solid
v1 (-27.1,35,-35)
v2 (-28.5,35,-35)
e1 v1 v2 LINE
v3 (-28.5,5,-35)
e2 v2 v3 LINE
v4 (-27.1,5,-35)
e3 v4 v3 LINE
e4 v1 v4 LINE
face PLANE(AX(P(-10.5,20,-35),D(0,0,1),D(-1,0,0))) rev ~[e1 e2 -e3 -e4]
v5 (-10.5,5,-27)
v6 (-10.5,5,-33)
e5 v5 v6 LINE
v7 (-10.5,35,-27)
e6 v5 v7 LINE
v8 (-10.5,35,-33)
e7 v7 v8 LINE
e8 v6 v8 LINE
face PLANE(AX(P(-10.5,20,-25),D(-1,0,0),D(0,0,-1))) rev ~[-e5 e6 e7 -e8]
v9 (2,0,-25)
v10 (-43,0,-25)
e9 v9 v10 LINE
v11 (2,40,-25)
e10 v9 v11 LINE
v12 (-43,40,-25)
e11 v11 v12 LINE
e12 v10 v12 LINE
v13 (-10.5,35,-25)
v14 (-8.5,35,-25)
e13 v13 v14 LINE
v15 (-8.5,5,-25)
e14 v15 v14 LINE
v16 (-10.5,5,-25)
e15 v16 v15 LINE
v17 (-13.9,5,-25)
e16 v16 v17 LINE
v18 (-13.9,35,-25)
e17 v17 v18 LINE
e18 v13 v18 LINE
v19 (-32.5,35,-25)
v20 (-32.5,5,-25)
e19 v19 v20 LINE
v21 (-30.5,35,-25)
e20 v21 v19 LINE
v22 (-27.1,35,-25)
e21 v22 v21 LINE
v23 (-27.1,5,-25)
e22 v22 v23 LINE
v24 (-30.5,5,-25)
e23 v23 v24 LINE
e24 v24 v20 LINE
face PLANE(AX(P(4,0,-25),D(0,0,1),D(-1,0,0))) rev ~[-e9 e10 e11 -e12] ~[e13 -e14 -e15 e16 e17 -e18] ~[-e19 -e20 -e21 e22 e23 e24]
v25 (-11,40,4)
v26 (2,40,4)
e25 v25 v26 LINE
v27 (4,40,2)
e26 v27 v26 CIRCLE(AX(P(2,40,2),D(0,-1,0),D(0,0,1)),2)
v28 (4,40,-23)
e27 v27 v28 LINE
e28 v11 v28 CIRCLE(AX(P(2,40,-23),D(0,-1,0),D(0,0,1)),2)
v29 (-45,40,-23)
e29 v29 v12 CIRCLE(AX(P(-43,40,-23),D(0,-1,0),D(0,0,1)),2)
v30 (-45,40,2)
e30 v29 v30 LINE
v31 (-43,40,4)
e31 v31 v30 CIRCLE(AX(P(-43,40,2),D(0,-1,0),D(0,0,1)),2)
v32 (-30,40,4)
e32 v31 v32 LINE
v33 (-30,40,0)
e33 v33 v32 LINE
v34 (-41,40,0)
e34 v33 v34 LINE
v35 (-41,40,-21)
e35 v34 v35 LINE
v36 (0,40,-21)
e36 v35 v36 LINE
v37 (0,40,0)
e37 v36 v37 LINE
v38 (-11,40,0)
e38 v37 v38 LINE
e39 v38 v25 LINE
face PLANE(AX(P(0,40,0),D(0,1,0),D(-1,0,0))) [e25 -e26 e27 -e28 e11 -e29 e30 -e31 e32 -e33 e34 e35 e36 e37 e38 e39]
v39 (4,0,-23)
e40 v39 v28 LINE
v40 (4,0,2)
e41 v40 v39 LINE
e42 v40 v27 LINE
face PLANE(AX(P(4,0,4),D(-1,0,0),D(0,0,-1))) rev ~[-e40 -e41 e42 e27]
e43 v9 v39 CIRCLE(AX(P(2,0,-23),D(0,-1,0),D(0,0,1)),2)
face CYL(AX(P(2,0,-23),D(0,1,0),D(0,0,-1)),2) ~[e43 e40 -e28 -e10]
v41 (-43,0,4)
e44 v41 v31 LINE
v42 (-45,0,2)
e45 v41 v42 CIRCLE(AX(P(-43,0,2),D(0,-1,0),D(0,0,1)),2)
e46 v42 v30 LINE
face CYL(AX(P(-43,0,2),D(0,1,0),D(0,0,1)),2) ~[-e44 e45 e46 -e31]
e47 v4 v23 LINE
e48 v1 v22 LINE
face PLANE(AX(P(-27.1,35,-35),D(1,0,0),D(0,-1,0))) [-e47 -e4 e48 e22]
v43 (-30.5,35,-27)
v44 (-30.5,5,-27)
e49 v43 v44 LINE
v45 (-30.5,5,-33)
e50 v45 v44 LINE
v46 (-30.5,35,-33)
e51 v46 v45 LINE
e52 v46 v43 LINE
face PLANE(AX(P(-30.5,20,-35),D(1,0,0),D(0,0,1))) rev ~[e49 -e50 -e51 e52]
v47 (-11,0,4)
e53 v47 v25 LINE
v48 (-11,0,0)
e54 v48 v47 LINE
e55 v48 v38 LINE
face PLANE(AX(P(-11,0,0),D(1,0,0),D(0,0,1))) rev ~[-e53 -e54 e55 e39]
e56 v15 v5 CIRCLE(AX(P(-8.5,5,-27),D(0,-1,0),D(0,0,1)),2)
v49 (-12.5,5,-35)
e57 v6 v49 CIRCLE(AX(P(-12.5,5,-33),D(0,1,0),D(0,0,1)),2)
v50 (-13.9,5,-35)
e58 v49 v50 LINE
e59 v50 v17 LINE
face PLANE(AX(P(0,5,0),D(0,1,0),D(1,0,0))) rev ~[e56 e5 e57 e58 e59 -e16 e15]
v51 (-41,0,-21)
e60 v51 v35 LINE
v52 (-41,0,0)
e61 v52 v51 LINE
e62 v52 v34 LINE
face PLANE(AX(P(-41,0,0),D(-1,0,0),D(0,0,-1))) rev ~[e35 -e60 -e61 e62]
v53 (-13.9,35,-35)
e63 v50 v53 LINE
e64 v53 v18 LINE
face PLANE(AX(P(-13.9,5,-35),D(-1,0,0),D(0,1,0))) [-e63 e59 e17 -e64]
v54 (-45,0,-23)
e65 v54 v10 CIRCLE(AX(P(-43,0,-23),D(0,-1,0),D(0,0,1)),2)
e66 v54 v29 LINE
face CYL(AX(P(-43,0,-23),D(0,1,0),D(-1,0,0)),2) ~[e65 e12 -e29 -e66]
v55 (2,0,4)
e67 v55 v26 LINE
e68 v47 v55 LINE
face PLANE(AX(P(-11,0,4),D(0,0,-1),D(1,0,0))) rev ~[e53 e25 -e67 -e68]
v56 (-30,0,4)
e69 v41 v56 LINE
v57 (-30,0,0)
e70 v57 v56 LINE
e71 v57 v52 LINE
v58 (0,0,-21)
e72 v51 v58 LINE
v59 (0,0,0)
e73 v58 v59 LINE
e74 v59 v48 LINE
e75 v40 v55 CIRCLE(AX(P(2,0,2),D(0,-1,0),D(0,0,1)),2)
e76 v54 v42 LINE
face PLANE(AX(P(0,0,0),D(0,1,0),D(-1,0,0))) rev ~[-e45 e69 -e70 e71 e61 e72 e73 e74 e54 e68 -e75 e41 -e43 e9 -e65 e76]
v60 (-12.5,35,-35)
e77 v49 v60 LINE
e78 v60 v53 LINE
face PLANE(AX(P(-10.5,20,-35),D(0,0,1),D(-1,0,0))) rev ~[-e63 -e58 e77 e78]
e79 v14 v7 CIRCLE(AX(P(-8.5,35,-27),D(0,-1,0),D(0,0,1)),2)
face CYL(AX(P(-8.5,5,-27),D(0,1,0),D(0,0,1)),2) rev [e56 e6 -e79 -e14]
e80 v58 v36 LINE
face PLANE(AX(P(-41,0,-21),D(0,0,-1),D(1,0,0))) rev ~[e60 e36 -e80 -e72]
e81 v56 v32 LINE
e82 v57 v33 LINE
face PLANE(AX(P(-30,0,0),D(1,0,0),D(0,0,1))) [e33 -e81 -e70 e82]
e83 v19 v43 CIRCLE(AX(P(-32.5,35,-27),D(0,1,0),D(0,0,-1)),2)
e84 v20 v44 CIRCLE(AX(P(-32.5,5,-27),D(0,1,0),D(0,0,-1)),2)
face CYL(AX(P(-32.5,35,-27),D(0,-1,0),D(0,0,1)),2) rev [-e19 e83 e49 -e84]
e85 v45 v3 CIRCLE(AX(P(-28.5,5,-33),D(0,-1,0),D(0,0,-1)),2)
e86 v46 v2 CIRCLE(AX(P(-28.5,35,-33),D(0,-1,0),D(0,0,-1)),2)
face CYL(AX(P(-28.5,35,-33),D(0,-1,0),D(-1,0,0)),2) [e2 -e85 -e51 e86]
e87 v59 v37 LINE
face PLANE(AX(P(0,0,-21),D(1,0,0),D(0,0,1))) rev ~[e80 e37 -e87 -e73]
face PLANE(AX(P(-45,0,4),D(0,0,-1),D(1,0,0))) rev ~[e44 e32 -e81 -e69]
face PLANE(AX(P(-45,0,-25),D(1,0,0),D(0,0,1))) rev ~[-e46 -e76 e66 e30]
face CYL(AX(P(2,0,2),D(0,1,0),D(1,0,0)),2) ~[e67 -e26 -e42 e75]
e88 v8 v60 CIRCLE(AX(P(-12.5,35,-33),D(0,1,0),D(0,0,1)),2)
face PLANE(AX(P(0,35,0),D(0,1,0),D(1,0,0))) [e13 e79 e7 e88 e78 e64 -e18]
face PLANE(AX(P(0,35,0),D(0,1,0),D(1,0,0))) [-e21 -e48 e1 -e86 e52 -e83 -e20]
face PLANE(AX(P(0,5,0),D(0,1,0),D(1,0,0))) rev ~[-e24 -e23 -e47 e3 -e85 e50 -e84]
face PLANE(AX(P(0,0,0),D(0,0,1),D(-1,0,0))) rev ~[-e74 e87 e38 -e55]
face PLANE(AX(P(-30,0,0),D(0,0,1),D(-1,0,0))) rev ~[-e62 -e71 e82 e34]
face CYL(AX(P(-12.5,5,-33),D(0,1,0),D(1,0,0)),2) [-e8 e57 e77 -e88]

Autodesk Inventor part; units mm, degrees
ref_plane "YZ Plane" through (0, 0, 0) normal (1, 0, 0) x (0, 1, 0)
ref_plane "XZ Plane" through (0, 0, 0) normal (0, 1, 0) x (-1, 0, 0)
ref_plane "XY Plane" through (0, 0, 0) normal (0, 0, 1) x (1, 0, 0)
sketch "스케치1" plane through (0, 0, 0) normal (0, 1, 0) x (-1, 0, 0)
  line L0 (41, 0) -> (41, -21)
  line L1 (41, -21) -> (0, -21)
  line L2 (0, -21) -> (0, 0)
  line L3 (-4, -25) -> (45, -25)
  line L4 (45, -25) -> (45, 4)
  line L5 (-4, 4) -> (-4, -25)
  line L6 (41, -21) -> (0, -21)
  line L7 (30, 0) -> (30, 4)
  line L8 (11, 0) -> (11, 4)
  line L9 (0, 0) -> (11, 0)
  line L10 (30, 0) -> (41, 0)
  line L11 (45, 4) -> (30, 4)
  line L12 (11, 4) -> (-4, 4)
  line L13 (41, 0) -> (30, 0)
  line L14 (11, 0) -> (0, 0)
  dimension "d0" = 41
  dimension "d1" = 21
  dimension "d2" = 4
  dimension "d3" = 15
  dimension "d4" = 15
extrude "돌출1" add sketch "스케치1" along normal blind 40
ref_plane "작업 평면1" through (0, 20, 0) normal (0, 1, 0) x (1, 0, 0)
sketch "스케치3" plane through (0, 20, 0) normal (0, 1, 0) x (1, 0, 0)
  line L0 (-10.5, 25) -> (-10.5, 35)
  line L1 (-10.5, 35) -> (-30.5, 35)
  line L2 (-30.5, 35) -> (-30.5, 25)
  line L3 (4, 25) -> (-45, 25) projected
  line L4 (-20.5, 25) -> (-10.5, 35) construction
  line L5 (-20.5, 25) -> (-30.5, 35) construction
  point P0 (0, 0)
  dimension "d12" = 20
extrude "돌출2" add sketch "스케치3" along normal blind 15 and the other way blind 15
sketch "스케치4" plane through (-10.5, 35, -35) normal (0, 0, -1) x (-1, 0, 0)
  line L0 (20, 0) -> (20, -30) projected
  line L1 (0, 0) -> (20, 0) projected
  line L2 (0, -30) -> (0, 0) projected
  line L3 (20, -30) -> (0, -30) projected
  line L4 (0, 0) -> (20, 0) projected
  line L5 (16.6, -39.6) -> (3.4, -39.6)
  line L6 (3.4, -39.6) -> (3.4, 0)
  line L7 (3.4, 0) -> (16.6, 0)
  line L8 (16.6, 0) -> (16.6, -39.6)
  line L9 (16.6, -39.6) -> (3.4, 0) construction
  line L10 (3.4, -39.6) -> (16.6, 0) construction
  point P0 (-10.5, -35)
  point P1 (10, -19.8)
  point P2 (16.6, -30)
  point P3 (16.6, 0)
  point P4 (3.4, -30)
  point P5 (10, 0)
  dimension "d18" = 13.2
extrude "돌출3" cut sketch "스케치4" against normal blind 10 contours L8 L3 L6 L1
fillet "모깎기1" radius 2 8 edges at (-30.5, 20, -35) (-10.5, 20, -35) (-10.5, 20, -25) (-30.5, 20, -25) (-45, 20, -25) (4, 20, -25) (4, 20, 4) (-45, 20, 4)
properties part number "지그1"
